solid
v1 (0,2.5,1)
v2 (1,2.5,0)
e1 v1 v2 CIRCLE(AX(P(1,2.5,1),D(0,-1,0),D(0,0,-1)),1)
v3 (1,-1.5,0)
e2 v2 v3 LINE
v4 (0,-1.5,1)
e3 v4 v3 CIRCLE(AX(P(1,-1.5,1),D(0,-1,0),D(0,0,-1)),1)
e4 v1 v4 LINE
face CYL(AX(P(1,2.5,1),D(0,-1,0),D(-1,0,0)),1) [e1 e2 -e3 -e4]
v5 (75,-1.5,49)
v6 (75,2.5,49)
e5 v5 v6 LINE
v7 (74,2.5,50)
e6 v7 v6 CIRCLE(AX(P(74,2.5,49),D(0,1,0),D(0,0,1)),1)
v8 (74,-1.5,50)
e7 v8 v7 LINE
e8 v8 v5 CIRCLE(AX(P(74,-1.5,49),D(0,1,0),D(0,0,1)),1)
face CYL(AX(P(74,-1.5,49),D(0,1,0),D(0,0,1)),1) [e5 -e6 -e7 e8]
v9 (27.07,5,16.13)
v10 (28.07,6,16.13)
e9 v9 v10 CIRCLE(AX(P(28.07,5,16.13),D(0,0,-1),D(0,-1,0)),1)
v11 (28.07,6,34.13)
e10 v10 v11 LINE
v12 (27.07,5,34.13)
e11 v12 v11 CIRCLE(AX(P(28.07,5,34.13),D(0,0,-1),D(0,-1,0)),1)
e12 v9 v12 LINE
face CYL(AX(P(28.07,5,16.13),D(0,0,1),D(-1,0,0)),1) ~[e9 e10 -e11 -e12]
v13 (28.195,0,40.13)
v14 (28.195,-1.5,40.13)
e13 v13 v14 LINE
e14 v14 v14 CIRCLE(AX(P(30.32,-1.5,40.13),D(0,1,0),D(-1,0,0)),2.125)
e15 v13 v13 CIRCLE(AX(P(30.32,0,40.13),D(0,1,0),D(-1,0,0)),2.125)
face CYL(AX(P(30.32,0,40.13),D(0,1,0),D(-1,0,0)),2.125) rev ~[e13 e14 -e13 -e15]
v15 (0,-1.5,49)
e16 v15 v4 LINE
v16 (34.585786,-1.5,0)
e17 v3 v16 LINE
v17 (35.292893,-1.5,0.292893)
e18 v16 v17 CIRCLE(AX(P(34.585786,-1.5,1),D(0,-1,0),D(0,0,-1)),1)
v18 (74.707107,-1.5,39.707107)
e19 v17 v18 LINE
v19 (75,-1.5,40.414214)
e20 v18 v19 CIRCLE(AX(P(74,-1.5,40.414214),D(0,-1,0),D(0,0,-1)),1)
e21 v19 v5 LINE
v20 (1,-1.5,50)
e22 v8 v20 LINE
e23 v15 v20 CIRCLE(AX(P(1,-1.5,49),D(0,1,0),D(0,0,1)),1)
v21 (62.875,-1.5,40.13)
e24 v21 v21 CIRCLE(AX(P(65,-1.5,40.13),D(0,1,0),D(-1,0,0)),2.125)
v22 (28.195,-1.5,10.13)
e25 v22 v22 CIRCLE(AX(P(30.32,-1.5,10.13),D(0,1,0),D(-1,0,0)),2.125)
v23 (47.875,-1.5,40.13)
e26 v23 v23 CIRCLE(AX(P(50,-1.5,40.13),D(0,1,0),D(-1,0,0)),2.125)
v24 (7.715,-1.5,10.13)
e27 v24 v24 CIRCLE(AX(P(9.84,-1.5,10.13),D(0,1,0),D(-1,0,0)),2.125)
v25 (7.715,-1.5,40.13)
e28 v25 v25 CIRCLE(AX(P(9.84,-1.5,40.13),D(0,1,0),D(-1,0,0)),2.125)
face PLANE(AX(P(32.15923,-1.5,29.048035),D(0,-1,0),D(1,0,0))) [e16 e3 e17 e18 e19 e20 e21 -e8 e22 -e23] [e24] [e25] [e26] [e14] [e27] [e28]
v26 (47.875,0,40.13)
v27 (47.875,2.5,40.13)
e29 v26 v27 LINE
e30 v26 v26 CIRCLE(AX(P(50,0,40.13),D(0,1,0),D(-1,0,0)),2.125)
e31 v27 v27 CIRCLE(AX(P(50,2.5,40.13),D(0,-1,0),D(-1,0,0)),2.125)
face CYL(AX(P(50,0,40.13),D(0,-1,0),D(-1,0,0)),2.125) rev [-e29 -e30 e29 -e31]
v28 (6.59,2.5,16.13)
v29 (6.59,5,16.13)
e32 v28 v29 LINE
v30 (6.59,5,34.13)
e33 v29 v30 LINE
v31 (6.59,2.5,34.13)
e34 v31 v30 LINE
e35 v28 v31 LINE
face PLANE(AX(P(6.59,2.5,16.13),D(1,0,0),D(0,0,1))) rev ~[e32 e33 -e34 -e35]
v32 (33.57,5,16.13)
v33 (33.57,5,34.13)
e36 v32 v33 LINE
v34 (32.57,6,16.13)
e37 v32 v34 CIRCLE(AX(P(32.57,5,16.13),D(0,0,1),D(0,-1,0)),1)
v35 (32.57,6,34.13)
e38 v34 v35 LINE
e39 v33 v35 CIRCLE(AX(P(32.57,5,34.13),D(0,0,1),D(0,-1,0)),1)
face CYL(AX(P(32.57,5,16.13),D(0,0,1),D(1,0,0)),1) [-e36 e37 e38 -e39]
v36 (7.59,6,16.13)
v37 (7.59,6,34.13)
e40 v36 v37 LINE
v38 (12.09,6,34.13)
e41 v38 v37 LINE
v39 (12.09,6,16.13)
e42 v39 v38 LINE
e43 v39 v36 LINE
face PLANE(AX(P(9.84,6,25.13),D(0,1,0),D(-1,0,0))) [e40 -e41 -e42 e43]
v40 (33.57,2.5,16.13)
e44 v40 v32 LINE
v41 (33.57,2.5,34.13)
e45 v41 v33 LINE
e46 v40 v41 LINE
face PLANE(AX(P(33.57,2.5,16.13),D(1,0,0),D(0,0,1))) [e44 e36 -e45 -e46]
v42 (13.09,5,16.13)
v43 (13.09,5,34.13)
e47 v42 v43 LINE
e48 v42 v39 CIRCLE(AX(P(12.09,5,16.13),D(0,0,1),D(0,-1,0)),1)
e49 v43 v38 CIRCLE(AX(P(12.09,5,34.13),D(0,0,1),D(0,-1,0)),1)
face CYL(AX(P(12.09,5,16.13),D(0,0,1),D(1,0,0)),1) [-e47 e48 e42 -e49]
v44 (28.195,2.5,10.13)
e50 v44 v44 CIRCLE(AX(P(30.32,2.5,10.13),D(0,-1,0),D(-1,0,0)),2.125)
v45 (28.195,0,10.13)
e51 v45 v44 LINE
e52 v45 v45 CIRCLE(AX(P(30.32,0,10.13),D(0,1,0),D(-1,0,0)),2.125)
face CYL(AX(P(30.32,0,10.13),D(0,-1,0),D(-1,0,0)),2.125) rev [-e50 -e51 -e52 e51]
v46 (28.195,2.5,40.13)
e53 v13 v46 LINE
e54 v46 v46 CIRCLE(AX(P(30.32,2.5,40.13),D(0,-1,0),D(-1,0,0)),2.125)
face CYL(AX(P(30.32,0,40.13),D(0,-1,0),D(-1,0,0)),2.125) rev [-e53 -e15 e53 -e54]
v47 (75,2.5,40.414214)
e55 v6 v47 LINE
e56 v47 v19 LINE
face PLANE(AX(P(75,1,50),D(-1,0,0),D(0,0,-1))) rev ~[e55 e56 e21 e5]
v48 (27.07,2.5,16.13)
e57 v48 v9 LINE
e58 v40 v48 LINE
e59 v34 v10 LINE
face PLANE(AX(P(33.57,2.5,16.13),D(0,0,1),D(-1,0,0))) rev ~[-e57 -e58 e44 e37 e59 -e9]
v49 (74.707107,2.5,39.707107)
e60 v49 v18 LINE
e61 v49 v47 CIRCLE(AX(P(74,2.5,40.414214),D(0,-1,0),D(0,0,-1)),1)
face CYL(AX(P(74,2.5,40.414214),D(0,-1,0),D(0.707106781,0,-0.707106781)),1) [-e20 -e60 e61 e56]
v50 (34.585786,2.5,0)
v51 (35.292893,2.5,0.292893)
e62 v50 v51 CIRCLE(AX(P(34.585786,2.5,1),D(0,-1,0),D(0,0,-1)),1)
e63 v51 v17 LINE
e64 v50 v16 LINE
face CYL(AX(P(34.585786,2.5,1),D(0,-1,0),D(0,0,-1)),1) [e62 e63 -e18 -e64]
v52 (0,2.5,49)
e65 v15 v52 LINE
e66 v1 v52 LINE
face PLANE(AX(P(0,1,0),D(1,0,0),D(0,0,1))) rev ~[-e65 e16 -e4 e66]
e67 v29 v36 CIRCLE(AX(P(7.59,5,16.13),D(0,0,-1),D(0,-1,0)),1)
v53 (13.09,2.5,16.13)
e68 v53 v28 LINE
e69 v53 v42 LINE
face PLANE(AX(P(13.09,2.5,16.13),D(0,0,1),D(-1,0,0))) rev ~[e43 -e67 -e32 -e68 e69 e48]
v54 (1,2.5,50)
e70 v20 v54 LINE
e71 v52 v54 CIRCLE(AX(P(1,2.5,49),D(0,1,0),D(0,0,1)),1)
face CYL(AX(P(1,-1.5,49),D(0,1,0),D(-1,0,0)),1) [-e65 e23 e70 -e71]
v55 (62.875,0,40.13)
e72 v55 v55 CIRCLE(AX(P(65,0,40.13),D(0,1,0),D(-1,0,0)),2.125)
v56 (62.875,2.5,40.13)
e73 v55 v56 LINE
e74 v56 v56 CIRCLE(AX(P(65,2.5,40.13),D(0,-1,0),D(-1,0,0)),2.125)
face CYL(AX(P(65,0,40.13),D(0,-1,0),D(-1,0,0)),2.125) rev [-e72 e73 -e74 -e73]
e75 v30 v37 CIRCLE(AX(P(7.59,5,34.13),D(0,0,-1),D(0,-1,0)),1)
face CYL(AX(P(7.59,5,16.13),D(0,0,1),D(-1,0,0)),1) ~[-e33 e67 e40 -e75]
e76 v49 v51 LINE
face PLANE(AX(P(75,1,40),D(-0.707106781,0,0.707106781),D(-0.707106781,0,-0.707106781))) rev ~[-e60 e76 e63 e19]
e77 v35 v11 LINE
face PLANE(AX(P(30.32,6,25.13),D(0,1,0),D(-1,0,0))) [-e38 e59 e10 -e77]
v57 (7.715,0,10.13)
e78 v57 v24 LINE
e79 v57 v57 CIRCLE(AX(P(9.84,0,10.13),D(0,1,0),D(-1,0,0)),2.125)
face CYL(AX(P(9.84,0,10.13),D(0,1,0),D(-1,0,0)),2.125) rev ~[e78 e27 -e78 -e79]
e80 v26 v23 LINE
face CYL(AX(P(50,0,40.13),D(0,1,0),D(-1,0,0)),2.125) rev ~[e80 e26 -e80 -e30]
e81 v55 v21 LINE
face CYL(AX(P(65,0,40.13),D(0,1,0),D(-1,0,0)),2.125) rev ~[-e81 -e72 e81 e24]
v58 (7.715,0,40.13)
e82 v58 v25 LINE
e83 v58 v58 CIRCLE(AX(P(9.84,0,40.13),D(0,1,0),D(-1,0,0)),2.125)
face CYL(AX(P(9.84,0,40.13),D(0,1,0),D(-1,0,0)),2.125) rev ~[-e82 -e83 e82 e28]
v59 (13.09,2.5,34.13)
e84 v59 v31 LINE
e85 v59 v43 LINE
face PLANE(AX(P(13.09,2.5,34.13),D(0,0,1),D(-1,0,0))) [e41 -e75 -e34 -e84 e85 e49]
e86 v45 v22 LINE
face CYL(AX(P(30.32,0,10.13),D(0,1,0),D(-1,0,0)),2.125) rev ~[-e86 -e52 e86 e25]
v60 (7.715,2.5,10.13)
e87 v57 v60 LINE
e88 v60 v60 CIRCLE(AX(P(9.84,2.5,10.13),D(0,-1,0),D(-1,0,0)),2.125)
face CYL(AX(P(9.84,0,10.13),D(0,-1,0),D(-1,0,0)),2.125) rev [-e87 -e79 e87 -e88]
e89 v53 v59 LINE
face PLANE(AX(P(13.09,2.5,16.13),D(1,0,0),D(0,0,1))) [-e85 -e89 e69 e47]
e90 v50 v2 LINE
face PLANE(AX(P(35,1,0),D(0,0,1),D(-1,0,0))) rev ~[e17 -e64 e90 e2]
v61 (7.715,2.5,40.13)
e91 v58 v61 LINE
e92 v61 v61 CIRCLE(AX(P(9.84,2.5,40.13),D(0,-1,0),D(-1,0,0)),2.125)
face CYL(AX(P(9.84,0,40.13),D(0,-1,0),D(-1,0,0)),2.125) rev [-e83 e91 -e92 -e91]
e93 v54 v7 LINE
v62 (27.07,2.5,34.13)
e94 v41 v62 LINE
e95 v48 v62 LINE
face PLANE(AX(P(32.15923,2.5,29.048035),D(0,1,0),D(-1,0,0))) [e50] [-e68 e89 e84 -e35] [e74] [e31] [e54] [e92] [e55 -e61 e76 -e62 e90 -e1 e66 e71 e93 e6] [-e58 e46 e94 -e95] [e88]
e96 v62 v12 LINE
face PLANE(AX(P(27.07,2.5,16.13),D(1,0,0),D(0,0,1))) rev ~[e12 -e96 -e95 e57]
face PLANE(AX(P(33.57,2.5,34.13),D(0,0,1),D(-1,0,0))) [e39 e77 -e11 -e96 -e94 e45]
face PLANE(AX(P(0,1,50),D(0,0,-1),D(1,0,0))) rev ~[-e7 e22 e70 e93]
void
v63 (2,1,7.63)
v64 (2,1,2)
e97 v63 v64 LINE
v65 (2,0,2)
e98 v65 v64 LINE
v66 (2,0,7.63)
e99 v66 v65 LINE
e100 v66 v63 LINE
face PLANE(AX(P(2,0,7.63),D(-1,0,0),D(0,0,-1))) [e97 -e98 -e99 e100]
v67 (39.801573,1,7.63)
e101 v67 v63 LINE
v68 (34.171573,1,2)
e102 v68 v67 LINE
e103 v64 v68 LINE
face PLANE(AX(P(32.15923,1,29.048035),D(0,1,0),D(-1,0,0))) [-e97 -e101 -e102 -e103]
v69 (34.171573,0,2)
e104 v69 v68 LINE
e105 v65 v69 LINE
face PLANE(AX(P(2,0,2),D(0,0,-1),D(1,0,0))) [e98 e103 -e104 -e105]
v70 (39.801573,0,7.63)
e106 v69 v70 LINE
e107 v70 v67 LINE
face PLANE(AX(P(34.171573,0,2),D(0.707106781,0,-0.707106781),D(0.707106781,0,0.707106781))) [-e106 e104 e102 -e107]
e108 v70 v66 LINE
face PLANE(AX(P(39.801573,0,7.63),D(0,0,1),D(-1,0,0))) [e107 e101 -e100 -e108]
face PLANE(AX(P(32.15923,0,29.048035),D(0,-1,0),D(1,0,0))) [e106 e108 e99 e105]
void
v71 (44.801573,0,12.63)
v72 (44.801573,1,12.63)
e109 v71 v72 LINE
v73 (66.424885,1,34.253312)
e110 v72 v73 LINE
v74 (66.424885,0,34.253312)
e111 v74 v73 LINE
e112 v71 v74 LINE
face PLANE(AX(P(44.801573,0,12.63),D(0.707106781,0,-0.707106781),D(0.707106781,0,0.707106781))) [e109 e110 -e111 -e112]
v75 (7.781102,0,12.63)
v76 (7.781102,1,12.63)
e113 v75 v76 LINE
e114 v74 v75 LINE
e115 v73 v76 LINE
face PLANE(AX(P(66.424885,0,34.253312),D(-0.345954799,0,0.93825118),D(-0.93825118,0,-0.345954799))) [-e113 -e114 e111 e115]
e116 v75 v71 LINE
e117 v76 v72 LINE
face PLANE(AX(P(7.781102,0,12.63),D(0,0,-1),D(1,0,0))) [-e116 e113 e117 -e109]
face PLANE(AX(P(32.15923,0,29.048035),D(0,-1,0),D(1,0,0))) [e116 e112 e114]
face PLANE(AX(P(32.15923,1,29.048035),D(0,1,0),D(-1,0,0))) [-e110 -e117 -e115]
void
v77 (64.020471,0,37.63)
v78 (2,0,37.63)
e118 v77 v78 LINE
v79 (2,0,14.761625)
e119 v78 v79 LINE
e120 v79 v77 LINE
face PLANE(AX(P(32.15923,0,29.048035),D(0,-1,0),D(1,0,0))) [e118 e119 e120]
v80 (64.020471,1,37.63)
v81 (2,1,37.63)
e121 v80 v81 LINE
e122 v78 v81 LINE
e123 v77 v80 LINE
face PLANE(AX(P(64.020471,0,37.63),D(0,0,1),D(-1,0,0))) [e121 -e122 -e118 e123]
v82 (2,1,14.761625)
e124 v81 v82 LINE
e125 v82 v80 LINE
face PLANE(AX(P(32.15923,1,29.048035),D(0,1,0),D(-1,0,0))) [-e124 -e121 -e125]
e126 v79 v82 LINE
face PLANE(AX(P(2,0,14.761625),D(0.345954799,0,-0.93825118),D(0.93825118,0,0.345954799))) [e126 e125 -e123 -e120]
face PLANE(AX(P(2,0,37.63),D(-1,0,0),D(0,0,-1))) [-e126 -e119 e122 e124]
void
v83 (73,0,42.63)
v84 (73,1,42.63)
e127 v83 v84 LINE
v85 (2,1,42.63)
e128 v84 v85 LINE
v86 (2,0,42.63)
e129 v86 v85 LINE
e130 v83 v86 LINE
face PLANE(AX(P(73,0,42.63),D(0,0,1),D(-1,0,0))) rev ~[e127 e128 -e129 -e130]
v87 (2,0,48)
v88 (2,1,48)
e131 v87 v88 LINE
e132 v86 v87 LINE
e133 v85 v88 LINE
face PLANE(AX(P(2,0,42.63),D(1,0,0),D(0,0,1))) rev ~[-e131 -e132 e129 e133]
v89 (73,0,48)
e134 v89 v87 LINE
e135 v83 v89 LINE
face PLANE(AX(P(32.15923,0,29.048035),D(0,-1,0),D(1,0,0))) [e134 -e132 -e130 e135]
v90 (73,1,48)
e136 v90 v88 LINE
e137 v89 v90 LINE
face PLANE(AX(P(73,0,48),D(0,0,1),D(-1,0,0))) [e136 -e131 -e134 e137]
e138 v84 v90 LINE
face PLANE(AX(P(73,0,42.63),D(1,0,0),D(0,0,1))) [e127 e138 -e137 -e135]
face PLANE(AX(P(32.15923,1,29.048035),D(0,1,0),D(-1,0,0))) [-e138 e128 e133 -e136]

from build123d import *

# Parameters (mm, degrees)
F1_DEPTH      = 1.5
F2_W          = 71
F2_H          = 5.37
F3_DEPTH      = 1
F5_DEPTH      = 1.5
F6_R          = 2.125
F7_DEPTH      = 25
F7_DEPTH_BACK = 25
F8_W          = 6.5
F8_H          = 18
F9_DEPTH      = 3.5
F10_R         = 1


with BuildPart() as f1:
    # F0 (on Front) → F1 (new body)
    with BuildSketch(Plane.XZ):
        Polygon((0, 50), (0, 0), (35, 0), (75, 40), (75, 50), align=None)
    extrude(amount=F1_DEPTH)

    # F2 (on face) → F3 (join)
    with BuildSketch(Plane(origin=(0, 0, 0), x_dir=(-1, 0, 0), z_dir=(0, 1, 0))):
        Polygon((0, 0), (0, 50), (-75, 50), (-75, 40), (-35, 0), align=None)
        Polygon((-2, 7.63), (-2, 2), (-34.1715728753, 2), (-39.8015728753, 7.63), align=None, mode=Mode.SUBTRACT)
        Polygon((-44.8015728753, 12.63), (-66.4248850161, 34.2533121408), (-7.7811020593, 12.63), align=None, mode=Mode.SUBTRACT)
        Polygon((-2, 14.7616253496), (-64.020470816, 37.63), (-2, 37.63), align=None, mode=Mode.SUBTRACT)
        with Locations((-37.5, 45.315)):
            Rectangle(F2_W, F2_H, mode=Mode.SUBTRACT)
    extrude(amount=F3_DEPTH)

    # F4 (on face) → F5 (join)
    with BuildSketch(Plane(origin=(0, 1, 0), x_dir=(-1, 0, 0), z_dir=(0, 1, 0))):
        Polygon((0, 0), (0, 50), (-75, 50), (-75, 40), (-35, 0), align=None)
    extrude(amount=F5_DEPTH)

    # F6 (on face) → F7 (cut, two sides)
    with BuildSketch(Plane(origin=(0, 0, 0), x_dir=(-1, 0, 0), z_dir=(0, 1, 0))) as f7_sk:
        with Locations((-9.84, 40.13)):
            Circle(F6_R)
        with Locations((-9.84, 10.13)):
            Circle(F6_R)
        with Locations((-30.32, 40.13)):
            Circle(F6_R)
        with Locations((-30.32, 10.13)):
            Circle(F6_R)
        with Locations((-50, 40.13)):
            Circle(F6_R)
        with Locations((-65, 40.13)):
            Circle(F6_R)
    extrude(amount=-F7_DEPTH, mode=Mode.SUBTRACT)
    extrude(f7_sk.sketch, amount=F7_DEPTH_BACK, mode=Mode.SUBTRACT)

    # F8 (on face) → F9 (join)
    with BuildSketch(Plane(origin=(0, 2.5, 0), x_dir=(-1, 0, 0), z_dir=(0, 1, 0))):
        with Locations((-9.84, 25.13)):
            Rectangle(F8_W, F8_H)
        with Locations((-30.32, 25.13)):
            Rectangle(F8_W, F8_H)
    extrude(amount=F9_DEPTH)

    # F10
    f10_edges = [f1.edges().sort_by_distance(p)[0] for p in [
        (33.57, 6, 25.13),
        (27.07, 6, 25.13),
        (13.09, 6, 25.13),
        (6.59, 6, 25.13),
        (0, 0.5, 50),
        (0, 0.5, 0),
        (75, 0.5, 50),
        (75, 0.5, 40),
        (35, 0.5, 0),
    ]]
    fillet(f10_edges, radius=F10_R)


solid = f1.part
